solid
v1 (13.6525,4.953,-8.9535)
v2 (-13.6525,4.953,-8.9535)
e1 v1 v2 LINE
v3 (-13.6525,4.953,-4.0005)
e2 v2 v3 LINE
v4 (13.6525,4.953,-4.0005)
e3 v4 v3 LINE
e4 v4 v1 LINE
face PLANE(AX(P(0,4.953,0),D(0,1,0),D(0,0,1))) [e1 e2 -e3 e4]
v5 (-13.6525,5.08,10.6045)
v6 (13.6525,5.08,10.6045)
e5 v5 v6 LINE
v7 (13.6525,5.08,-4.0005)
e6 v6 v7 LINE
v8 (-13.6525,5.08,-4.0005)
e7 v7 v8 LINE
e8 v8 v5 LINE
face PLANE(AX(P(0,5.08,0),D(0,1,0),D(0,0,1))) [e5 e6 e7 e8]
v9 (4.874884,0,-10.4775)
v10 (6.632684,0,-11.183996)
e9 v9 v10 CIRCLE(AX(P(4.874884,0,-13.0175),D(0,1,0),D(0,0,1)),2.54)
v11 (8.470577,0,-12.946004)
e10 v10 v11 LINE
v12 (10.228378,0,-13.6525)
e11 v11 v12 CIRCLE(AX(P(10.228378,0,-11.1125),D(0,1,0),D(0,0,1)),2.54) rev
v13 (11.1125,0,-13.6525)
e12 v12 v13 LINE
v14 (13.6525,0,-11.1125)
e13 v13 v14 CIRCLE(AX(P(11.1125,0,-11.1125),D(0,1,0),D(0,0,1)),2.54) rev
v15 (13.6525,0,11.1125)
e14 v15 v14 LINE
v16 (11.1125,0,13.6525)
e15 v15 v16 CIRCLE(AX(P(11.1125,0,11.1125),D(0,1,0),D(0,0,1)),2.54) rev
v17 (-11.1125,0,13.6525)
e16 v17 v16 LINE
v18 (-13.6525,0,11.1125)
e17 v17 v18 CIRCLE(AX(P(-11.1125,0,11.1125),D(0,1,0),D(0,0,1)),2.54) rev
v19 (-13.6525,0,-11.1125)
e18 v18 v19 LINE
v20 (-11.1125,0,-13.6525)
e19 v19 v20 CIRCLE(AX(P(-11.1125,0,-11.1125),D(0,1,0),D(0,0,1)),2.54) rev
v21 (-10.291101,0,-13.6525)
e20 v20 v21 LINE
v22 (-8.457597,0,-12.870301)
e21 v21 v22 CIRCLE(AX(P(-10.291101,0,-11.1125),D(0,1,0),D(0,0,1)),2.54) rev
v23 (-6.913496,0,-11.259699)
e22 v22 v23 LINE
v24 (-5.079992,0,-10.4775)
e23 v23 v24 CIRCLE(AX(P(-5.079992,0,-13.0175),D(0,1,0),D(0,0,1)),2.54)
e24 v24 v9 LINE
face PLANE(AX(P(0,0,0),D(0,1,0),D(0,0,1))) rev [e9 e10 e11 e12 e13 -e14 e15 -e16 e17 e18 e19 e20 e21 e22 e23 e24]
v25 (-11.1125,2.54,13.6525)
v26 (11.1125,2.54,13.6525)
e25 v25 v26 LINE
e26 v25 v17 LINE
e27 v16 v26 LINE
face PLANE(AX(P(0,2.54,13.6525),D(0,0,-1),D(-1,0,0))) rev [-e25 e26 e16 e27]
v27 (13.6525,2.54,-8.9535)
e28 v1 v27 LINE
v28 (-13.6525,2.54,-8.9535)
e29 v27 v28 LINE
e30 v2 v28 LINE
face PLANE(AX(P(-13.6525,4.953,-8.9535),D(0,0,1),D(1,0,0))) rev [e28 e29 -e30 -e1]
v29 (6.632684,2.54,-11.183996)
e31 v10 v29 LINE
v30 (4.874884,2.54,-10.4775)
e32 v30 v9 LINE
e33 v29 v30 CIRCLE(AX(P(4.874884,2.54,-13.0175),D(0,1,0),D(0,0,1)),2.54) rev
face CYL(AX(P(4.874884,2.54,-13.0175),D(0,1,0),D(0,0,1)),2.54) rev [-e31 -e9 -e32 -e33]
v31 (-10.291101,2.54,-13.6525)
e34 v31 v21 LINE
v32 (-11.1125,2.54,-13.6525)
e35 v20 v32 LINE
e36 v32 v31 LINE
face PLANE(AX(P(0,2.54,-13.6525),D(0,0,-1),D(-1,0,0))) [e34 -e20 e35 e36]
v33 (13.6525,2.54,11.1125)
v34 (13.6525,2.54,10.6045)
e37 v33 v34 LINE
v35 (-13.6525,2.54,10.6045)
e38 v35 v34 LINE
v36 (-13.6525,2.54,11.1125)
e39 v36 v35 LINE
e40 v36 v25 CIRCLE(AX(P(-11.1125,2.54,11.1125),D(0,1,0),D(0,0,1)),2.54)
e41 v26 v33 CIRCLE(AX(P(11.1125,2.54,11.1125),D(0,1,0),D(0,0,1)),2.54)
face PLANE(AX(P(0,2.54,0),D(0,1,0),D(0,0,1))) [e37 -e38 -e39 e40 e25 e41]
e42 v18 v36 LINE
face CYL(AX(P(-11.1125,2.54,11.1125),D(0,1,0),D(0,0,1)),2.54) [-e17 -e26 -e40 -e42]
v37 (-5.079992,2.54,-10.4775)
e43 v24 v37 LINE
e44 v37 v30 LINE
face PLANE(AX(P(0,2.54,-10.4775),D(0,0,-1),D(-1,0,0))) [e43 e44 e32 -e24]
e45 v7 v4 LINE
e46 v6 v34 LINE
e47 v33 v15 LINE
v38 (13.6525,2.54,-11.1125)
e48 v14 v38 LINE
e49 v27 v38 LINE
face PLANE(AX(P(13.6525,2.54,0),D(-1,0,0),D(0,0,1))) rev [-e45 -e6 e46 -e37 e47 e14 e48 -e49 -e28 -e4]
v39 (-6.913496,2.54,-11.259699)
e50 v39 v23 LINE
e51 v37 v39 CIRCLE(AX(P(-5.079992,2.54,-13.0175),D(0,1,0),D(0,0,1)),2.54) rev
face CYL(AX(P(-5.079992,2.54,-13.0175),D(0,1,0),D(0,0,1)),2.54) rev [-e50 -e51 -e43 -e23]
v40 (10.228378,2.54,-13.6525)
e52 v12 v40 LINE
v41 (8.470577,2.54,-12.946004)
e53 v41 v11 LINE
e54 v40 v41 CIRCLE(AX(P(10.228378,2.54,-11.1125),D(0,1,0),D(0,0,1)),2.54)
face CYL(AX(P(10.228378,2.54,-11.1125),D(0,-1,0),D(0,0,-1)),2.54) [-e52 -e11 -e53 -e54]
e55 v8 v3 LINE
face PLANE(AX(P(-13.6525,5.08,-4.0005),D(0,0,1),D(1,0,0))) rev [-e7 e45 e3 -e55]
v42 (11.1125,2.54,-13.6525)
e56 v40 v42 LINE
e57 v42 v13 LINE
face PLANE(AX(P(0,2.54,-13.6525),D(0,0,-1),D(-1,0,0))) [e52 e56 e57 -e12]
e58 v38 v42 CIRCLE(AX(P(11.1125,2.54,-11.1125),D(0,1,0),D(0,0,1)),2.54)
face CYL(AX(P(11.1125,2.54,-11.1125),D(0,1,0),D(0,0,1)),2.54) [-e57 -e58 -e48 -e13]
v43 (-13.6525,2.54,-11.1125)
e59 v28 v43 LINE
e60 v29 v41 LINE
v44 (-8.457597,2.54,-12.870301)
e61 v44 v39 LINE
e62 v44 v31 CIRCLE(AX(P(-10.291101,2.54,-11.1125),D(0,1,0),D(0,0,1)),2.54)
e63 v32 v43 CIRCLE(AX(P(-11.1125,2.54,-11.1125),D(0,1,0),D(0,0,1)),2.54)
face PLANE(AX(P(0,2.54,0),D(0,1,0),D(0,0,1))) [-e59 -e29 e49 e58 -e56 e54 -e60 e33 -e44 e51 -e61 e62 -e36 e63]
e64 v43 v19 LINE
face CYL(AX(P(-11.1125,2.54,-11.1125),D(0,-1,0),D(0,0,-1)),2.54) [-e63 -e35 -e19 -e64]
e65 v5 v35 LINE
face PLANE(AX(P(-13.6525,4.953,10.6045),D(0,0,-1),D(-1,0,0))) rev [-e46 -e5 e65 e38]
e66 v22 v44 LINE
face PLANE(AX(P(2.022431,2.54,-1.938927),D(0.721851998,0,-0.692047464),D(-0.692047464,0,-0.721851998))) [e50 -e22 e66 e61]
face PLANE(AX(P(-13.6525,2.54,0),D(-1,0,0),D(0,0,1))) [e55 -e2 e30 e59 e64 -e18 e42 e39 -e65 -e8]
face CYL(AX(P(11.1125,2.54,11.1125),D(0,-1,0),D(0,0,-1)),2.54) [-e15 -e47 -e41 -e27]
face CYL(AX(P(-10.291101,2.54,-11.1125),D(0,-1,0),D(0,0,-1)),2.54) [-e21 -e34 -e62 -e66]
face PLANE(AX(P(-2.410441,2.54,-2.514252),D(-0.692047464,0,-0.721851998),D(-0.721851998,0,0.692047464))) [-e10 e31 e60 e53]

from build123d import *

# Parameters (mm, degrees)
BOSS_EXTRUDE1_DEPTH = 2.54
FILLET1_R           = 2.54
SKETCH2_W           = 27.305
SKETCH2_H           = 19.558
BOSS_EXTRUDE2_DEPTH = 2.413
SKETCH3_W           = 27.305
SKETCH3_H           = 14.605
BOSS_EXTRUDE3_DEPTH = 0.127


with BuildPart() as part:
    # Sketch1 → Boss-Extrude1 (new body)
    with BuildSketch(Plane(origin=(0, 0, 0), x_dir=(1, 0, 0), z_dir=(0, 1, 0))):
        Polygon((-6.163592518, 10.4775), (-9.2075, 13.6525), (-13.6525, 13.6525), (-13.6525, -13.6525), (13.6525, -13.6525), (13.6525, 13.6525), (9.2075, 13.6525), (5.895761697, 10.4775), align=None)
    extrude(amount=BOSS_EXTRUDE1_DEPTH)

    # Fillet1
    fillet1_edges = [part.edges().sort_by_distance(p)[0] for p in [
        (9.2075, 1.27, -13.6525),
        (13.6525, 1.27, -13.6525),
        (13.6525, 1.27, 13.6525),
        (-13.6525, 1.27, 13.6525),
        (-13.6525, 1.27, -13.6525),
        (-9.2075, 1.27, -13.6525),
        (-6.163592518, 1.27, -10.4775),
        (5.895761697, 1.27, -10.4775),
    ]]
    fillet(fillet1_edges, radius=FILLET1_R)

    # Sketch2 → Boss-Extrude2 (add)
    with BuildSketch(Plane(origin=(0, 2.54, 0), x_dir=(1, 0, 0), z_dir=(0, 1, 0))):
        with Locations((0, -0.8255)):
            Rectangle(SKETCH2_W, SKETCH2_H)
    extrude(amount=BOSS_EXTRUDE2_DEPTH)

    # Sketch3 → Boss-Extrude3 (add)
    with BuildSketch(Plane(origin=(0, 4.953, 0), x_dir=(1, 0, 0), z_dir=(0, 1, 0))):
        with Locations((0, -3.302)):
            Rectangle(SKETCH3_W, SKETCH3_H)
    extrude(amount=BOSS_EXTRUDE3_DEPTH)


solid = part.part
